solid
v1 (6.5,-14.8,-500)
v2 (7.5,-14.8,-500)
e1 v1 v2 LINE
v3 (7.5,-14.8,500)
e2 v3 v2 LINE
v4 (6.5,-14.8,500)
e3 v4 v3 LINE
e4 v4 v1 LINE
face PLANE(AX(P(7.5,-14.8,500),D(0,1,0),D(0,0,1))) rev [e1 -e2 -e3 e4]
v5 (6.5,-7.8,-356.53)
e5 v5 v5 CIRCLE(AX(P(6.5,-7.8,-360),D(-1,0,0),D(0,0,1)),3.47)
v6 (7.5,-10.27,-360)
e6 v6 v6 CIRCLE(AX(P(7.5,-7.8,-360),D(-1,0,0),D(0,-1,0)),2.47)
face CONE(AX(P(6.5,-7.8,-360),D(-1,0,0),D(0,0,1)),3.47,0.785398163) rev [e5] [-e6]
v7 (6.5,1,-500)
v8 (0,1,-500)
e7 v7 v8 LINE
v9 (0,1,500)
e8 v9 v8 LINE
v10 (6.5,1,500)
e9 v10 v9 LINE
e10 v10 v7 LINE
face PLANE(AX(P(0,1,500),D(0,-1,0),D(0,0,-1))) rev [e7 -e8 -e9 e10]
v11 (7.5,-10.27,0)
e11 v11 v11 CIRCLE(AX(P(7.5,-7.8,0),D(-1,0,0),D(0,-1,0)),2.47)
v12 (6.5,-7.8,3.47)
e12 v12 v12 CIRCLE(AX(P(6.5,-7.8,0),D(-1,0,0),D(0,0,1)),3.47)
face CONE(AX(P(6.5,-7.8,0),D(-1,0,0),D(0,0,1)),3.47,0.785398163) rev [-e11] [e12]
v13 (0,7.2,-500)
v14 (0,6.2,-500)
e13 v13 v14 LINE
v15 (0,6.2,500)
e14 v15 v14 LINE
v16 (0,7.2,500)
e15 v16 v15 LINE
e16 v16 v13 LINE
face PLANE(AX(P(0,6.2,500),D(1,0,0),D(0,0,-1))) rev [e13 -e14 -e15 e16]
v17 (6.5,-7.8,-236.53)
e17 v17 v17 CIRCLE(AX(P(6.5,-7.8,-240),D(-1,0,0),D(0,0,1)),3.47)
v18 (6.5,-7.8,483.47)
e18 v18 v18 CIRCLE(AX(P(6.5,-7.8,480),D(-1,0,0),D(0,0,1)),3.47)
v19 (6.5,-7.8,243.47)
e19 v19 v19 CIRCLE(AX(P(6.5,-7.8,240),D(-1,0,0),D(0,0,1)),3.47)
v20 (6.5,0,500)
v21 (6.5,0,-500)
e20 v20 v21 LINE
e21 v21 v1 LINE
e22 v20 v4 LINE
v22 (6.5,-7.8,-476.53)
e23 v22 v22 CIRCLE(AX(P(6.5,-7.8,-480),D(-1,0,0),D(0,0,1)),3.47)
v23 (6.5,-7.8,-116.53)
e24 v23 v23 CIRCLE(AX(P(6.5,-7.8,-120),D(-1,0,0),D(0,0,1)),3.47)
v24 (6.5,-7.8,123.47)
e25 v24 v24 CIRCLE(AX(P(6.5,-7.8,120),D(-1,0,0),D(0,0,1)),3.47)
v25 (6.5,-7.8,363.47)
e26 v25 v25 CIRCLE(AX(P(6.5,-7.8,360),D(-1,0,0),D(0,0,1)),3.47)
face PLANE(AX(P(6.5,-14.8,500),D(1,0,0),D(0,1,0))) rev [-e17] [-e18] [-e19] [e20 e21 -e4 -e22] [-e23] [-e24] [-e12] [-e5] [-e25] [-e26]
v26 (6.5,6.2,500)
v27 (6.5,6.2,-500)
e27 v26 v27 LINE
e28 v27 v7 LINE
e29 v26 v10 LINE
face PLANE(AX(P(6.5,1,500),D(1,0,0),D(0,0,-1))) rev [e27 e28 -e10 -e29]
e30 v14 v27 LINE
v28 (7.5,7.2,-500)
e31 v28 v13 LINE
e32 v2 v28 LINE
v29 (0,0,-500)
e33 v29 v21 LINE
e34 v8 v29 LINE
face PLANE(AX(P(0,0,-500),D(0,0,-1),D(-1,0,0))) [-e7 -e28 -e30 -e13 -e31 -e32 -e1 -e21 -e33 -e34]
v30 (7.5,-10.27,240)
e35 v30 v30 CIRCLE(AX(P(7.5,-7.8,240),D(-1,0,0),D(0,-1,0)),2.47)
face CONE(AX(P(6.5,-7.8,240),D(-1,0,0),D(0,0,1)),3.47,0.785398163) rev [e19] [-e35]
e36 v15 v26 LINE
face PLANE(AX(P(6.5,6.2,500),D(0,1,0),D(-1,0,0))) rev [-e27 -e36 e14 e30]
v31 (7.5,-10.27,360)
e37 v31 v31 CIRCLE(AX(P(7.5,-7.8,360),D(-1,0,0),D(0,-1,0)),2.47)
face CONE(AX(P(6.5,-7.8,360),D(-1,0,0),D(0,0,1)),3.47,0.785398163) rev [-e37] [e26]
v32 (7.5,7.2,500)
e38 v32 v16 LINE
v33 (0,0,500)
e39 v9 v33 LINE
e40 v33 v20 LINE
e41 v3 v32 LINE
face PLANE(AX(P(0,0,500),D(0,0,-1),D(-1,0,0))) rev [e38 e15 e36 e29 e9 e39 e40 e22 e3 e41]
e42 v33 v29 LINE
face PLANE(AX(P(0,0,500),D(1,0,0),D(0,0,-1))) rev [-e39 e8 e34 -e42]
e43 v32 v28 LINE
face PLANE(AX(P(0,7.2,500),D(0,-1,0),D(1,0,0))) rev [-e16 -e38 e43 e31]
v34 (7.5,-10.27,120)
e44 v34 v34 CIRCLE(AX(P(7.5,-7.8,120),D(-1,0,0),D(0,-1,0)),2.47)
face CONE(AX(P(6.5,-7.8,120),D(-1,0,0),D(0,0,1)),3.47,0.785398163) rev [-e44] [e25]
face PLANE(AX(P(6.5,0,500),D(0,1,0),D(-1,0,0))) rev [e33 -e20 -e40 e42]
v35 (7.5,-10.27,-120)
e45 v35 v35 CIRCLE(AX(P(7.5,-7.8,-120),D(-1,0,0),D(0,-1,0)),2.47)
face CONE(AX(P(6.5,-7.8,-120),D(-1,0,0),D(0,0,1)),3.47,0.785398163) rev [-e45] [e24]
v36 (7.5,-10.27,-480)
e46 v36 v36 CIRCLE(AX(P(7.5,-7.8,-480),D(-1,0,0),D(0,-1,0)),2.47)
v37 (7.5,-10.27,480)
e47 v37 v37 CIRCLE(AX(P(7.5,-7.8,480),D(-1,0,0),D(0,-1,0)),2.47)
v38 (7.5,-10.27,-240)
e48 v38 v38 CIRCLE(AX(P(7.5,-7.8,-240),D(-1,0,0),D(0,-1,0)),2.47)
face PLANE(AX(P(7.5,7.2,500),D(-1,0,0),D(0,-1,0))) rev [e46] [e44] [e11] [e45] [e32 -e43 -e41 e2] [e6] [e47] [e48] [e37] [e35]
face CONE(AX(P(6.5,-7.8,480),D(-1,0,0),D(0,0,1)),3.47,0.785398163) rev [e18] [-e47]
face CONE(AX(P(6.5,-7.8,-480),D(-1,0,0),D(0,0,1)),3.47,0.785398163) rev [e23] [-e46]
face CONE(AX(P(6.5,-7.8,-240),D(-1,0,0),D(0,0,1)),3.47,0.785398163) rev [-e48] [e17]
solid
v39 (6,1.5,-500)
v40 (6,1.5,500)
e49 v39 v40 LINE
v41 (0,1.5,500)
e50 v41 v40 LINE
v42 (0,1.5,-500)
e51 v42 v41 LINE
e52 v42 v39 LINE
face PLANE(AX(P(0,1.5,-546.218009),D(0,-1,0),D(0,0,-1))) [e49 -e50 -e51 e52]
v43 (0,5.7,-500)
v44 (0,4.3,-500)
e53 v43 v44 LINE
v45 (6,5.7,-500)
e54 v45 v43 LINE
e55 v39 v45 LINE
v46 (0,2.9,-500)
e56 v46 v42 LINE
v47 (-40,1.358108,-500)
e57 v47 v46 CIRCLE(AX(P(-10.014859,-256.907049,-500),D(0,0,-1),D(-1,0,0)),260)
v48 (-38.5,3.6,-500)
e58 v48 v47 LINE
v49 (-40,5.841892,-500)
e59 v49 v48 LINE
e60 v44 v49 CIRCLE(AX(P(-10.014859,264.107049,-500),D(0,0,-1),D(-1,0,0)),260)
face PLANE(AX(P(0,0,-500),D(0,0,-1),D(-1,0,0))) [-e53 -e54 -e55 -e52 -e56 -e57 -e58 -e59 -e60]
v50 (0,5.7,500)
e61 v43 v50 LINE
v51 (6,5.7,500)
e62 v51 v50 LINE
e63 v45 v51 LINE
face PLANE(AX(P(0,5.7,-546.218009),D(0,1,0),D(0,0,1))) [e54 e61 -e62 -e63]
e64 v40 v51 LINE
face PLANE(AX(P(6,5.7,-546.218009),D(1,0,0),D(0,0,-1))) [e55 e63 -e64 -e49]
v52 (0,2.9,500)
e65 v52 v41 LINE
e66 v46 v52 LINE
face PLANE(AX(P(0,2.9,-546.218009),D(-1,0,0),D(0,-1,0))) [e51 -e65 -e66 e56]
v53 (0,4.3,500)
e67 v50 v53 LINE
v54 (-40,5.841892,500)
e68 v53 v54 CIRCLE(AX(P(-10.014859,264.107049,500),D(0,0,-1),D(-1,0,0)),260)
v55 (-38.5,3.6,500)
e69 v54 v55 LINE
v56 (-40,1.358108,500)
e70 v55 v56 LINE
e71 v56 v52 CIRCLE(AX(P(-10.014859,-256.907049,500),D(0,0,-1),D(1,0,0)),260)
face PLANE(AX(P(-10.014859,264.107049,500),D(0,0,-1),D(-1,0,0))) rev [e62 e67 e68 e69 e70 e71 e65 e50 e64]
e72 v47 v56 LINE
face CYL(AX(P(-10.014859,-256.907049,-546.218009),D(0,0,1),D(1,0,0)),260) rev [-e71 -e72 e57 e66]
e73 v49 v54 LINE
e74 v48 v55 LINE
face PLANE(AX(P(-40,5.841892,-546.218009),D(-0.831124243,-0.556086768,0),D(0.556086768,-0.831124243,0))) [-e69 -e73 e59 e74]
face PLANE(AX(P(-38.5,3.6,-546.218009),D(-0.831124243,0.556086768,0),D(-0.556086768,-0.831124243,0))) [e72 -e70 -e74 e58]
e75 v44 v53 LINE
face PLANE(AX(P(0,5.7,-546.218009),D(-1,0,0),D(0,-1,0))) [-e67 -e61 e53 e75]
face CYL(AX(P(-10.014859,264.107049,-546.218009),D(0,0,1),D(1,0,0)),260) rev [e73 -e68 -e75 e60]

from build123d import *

# Parameters (mm, degrees)
BOSS_EXTRUDE1_DEPTH  = 500
BOSS_EXTRUDE2_DEPTH  = 1000
LPATTERN1_COUNT      = 8
LPATTERN1_PITCH      = 120
LPATTERN1_COUNT_DIR2 = 8
LPATTERN1_PITCH_DIR2 = 120


with BuildPart() as part:
    # Sketch1 → Boss-Extrude1 (new, symmetric)
    with BuildSketch(Plane.XY):
        Polygon((0, 7.2), (7.5, 7.2), (7.5, -14.8), (6.5, -14.8), (6.5, 0), (0, 0), (0, 1), (6.5, 1), (6.5, 6.2), (0, 6.2), align=None)
    extrude(amount=BOSS_EXTRUDE1_DEPTH, both=True)

    # Sketch4 → CSK for M3 Hex Socket Countersunk Head Screw1 (revolve, cut)
    with BuildSketch(Plane(origin=(6.5, -7.8, 0), x_dir=(0, 0, 1), z_dir=(0, 1, 0))):
        Polygon((0, 0), (0, 11.021463052), (1.7, 10), (1.7, 1.77), (3.47, 0), align=None)
    csk_for_m3_hex_socket_countersunk_head_s = revolve(axis=Axis((0.15, -7.8, 0), (1, 0, 0)), mode=Mode.SUBTRACT)

    # LPattern1: CSK for M3 Hex Socket Countersunk Head S 8 × 8
    with Locations(*[Vector(0, 0, -1) * (i * LPATTERN1_PITCH) + Vector(0, 0, 1) * (j * LPATTERN1_PITCH_DIR2) for i in range(LPATTERN1_COUNT) for j in range(LPATTERN1_COUNT_DIR2) if (i, j) != (0, 0)]):
        add(csk_for_m3_hex_socket_countersunk_head_s, mode=Mode.SUBTRACT)


with BuildPart() as body_2:
    # Sketch2 → Boss-Extrude2 (new body)
    with BuildSketch(Plane.XY.offset(500)):
        with BuildLine():
            Line((0, 5.7), (6, 5.7))
            Line((6, 5.7), (6, 1.5))
            Line((6, 1.5), (0, 1.5))
            Line((0, 1.5), (0, 2.9))
            ThreePointArc((0, 2.9), (-20.029717879, 2.9), (-40, 1.358108202))
            Line((-40, 1.358108202), (-38.5, 3.6))
            Line((-38.5, 3.6), (-40, 5.841891798))
            ThreePointArc((-40, 5.841891798), (-20.029717879, 4.3), (0, 4.3))
            Line((0, 4.3), (0, 5.7))
        make_face()
    extrude(amount=-BOSS_EXTRUDE2_DEPTH)


solid = Compound([part.part, body_2.part])
